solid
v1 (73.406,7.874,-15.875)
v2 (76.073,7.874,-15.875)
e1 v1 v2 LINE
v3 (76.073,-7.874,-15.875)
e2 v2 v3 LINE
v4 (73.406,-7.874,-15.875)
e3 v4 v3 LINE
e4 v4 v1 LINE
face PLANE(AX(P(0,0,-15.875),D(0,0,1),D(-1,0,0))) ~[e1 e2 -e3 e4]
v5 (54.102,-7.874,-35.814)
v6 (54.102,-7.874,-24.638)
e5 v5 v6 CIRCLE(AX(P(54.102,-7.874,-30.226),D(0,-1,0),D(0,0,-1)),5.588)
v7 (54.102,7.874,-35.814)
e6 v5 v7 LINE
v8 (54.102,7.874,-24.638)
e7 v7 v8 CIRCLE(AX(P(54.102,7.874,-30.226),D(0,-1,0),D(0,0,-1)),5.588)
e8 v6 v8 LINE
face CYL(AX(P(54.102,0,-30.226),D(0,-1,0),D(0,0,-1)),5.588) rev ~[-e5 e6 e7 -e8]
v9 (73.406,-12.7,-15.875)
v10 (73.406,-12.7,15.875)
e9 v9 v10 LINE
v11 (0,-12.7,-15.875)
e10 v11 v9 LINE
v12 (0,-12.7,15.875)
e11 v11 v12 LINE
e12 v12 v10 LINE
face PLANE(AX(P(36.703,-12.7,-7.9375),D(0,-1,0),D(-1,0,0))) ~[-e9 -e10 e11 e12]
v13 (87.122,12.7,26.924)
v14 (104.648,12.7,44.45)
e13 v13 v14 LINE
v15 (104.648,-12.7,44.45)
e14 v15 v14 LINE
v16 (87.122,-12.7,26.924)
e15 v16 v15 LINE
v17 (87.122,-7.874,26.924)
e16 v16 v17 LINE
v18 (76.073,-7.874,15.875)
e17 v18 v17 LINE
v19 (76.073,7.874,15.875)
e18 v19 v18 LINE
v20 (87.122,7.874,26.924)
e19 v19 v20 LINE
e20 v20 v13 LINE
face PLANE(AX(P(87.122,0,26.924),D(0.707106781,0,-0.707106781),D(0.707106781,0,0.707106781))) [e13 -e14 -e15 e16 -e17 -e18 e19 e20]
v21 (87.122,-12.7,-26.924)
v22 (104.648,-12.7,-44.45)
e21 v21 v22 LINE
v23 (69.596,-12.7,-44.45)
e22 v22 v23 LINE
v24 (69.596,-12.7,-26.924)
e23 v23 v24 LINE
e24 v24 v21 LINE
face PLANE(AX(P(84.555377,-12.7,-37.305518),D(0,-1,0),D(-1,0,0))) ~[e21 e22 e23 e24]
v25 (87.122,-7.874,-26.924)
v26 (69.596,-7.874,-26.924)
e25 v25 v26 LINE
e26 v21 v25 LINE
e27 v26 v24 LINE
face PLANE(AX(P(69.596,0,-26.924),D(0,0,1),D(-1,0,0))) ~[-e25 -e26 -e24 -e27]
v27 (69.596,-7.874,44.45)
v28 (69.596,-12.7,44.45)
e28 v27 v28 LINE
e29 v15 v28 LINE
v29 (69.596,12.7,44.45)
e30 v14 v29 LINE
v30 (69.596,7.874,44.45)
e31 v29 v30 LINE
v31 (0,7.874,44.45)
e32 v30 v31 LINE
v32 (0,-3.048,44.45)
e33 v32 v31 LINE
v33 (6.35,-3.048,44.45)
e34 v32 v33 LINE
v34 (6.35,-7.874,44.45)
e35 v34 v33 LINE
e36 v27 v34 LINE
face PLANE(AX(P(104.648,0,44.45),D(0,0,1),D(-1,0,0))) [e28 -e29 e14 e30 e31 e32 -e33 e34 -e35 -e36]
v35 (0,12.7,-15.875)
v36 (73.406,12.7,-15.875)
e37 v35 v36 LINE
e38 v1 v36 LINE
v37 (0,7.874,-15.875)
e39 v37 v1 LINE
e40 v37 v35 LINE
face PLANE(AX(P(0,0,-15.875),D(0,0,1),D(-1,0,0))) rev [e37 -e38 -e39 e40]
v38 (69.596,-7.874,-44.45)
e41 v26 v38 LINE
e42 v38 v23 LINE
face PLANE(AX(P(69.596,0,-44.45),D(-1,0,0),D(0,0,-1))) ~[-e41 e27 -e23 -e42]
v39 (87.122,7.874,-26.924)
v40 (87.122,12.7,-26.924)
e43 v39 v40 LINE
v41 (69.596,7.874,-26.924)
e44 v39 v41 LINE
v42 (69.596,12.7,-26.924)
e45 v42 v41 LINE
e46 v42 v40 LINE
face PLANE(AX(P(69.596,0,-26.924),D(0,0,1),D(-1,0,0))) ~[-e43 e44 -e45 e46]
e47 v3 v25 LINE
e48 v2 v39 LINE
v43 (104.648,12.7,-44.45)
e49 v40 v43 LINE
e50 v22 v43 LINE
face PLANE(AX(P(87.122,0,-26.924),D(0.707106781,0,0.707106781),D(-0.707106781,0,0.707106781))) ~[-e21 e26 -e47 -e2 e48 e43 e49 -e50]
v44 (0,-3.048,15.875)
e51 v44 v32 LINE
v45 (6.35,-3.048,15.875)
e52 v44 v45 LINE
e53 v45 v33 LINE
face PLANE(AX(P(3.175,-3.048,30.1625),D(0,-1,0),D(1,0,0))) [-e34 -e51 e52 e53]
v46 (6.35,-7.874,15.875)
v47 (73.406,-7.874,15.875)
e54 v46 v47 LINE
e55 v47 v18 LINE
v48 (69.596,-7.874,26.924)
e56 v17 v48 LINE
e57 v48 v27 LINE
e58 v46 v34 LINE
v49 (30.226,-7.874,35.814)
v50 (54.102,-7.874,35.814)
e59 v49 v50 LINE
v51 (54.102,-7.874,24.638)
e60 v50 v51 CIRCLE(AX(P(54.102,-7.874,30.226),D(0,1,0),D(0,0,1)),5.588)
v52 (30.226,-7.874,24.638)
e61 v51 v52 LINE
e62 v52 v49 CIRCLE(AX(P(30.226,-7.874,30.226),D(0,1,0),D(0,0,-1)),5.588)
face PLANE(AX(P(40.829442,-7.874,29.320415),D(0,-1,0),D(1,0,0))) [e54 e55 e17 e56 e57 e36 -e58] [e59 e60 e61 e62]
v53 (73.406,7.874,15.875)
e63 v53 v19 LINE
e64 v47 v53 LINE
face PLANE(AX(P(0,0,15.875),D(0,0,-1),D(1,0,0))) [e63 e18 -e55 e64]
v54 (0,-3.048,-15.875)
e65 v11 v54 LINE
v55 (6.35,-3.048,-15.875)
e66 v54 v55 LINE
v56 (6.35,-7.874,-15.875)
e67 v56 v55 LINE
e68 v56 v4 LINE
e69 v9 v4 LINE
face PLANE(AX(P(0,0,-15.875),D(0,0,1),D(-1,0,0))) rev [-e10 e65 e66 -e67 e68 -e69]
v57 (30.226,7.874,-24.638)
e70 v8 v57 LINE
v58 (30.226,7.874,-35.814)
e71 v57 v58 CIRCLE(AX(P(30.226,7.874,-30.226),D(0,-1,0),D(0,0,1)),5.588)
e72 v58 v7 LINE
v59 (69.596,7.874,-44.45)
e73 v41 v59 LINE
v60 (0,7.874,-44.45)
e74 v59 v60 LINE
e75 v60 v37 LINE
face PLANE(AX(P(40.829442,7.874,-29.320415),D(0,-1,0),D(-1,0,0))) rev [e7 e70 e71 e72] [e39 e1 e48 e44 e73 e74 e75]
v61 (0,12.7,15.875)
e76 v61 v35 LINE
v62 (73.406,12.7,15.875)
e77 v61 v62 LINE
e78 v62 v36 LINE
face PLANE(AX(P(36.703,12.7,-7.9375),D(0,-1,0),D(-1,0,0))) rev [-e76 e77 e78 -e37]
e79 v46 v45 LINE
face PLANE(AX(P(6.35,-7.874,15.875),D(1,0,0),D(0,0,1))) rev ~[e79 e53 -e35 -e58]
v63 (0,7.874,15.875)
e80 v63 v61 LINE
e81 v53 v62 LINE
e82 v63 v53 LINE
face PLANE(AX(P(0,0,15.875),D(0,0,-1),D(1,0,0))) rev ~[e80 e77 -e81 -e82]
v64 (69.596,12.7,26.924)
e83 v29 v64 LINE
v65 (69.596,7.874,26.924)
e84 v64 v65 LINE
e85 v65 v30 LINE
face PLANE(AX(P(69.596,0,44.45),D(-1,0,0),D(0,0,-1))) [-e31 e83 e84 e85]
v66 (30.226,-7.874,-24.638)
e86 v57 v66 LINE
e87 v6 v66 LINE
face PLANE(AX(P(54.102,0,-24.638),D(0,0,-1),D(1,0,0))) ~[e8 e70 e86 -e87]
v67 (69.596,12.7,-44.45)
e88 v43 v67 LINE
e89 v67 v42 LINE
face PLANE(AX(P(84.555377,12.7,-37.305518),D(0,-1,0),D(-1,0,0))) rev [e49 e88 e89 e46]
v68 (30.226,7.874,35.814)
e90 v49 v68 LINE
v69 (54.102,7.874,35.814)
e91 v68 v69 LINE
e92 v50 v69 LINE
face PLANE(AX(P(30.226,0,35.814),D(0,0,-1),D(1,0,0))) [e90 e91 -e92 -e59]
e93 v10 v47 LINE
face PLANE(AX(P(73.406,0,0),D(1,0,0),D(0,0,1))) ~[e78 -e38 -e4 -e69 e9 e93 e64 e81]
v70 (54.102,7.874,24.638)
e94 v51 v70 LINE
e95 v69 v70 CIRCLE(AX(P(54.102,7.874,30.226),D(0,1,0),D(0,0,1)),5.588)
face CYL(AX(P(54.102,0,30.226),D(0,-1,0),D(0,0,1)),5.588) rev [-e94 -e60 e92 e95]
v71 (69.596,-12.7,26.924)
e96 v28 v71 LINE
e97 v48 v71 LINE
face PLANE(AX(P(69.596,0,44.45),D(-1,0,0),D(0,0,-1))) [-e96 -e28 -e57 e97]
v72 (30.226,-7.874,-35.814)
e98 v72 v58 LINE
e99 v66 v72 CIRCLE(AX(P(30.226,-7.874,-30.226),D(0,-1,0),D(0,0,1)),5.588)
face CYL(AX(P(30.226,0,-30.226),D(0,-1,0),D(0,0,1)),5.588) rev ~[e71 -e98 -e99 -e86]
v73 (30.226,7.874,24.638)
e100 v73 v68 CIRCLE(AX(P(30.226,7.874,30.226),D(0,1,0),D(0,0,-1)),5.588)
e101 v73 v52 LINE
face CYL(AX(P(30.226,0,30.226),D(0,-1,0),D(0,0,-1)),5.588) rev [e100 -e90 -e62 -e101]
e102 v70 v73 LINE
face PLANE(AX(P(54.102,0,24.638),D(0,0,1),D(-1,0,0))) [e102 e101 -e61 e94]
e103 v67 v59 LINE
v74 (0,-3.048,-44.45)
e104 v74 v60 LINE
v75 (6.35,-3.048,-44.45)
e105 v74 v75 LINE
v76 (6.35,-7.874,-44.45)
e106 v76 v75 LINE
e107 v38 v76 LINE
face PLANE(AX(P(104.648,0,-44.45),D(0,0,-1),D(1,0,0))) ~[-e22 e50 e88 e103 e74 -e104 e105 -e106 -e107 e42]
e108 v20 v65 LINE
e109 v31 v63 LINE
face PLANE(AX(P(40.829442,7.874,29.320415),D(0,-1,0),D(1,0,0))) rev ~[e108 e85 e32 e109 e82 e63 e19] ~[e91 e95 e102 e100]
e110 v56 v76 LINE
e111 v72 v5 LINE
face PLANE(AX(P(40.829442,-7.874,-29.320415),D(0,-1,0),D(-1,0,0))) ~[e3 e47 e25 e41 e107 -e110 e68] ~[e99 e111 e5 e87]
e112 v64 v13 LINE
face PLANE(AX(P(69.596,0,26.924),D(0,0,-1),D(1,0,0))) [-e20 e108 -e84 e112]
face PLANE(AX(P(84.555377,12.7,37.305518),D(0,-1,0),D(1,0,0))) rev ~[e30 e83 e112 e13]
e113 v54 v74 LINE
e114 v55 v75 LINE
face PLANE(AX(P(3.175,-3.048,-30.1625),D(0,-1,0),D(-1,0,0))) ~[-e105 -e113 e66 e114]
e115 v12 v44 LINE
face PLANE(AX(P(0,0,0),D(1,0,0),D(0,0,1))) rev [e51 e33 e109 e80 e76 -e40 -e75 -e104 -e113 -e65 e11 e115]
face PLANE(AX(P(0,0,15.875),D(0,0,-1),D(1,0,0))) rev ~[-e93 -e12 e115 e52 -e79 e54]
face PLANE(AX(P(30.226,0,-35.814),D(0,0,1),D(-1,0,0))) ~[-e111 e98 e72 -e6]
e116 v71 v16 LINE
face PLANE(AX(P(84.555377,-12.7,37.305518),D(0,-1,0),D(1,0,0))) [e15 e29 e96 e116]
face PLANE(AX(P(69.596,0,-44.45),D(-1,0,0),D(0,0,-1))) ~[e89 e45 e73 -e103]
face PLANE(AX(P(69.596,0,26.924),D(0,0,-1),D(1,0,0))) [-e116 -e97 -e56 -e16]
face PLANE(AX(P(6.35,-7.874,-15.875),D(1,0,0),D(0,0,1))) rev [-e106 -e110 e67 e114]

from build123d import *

# Parameters (mm, degrees)
F1_DEPTH = 7.874
F2_DEPTH = 12.7
F0_W     = 73.406
F0_H     = 15.875
F3_DEPTH = 12.7
F4_W     = 6.35
F4_H     = 28.575
F5_DEPTH = 4.826


with BuildPart() as f1:
    # F0 (on Front) → F1 (new body, symmetric)
    with BuildSketch(Plane.XZ):
        Polygon((0, 44.45), (0, 15.875), (73.406, 15.875), (76.073, 15.875), (87.122, 26.924), (69.596, 26.924), (69.596, 44.45), align=None)
        with BuildLine():
            ThreePointArc((30.226, 24.638), (24.638, 30.226), (30.226, 35.814))
            Line((30.226, 35.814), (54.102, 35.814))
            ThreePointArc((54.102, 35.814), (59.69, 30.226), (54.102, 24.638))
            Line((54.102, 24.638), (30.226, 24.638))
        make_face(mode=Mode.SUBTRACT)
    extrude(amount=F1_DEPTH, both=True)

    # F0 (on Front) → F2 (join, symmetric)
    with BuildSketch(Plane.XZ):
        Polygon((104.648, 44.45), (69.596, 44.45), (69.596, 26.924), (87.122, 26.924), align=None)
    extrude(amount=F2_DEPTH, both=True)

    # F0 (on Front) → F3 (join, symmetric)
    with BuildSketch(Plane.XZ):
        with Locations((36.703, 7.9375)):
            Rectangle(F0_W, F0_H)
    extrude(amount=F3_DEPTH, both=True)

    # F4 (on face) → F5 (cut)
    with BuildSketch(Plane.XZ.offset(7.874)):
        with Locations((3.175, 30.1625)):
            Rectangle(F4_W, F4_H)
    extrude(amount=-F5_DEPTH, mode=Mode.SUBTRACT)

    # F6: F1 across plane


with BuildPart() as f1_1:
    add(f1.part)
    add(f1.part.mirror(Plane.XY))


solid = f1_1.part
